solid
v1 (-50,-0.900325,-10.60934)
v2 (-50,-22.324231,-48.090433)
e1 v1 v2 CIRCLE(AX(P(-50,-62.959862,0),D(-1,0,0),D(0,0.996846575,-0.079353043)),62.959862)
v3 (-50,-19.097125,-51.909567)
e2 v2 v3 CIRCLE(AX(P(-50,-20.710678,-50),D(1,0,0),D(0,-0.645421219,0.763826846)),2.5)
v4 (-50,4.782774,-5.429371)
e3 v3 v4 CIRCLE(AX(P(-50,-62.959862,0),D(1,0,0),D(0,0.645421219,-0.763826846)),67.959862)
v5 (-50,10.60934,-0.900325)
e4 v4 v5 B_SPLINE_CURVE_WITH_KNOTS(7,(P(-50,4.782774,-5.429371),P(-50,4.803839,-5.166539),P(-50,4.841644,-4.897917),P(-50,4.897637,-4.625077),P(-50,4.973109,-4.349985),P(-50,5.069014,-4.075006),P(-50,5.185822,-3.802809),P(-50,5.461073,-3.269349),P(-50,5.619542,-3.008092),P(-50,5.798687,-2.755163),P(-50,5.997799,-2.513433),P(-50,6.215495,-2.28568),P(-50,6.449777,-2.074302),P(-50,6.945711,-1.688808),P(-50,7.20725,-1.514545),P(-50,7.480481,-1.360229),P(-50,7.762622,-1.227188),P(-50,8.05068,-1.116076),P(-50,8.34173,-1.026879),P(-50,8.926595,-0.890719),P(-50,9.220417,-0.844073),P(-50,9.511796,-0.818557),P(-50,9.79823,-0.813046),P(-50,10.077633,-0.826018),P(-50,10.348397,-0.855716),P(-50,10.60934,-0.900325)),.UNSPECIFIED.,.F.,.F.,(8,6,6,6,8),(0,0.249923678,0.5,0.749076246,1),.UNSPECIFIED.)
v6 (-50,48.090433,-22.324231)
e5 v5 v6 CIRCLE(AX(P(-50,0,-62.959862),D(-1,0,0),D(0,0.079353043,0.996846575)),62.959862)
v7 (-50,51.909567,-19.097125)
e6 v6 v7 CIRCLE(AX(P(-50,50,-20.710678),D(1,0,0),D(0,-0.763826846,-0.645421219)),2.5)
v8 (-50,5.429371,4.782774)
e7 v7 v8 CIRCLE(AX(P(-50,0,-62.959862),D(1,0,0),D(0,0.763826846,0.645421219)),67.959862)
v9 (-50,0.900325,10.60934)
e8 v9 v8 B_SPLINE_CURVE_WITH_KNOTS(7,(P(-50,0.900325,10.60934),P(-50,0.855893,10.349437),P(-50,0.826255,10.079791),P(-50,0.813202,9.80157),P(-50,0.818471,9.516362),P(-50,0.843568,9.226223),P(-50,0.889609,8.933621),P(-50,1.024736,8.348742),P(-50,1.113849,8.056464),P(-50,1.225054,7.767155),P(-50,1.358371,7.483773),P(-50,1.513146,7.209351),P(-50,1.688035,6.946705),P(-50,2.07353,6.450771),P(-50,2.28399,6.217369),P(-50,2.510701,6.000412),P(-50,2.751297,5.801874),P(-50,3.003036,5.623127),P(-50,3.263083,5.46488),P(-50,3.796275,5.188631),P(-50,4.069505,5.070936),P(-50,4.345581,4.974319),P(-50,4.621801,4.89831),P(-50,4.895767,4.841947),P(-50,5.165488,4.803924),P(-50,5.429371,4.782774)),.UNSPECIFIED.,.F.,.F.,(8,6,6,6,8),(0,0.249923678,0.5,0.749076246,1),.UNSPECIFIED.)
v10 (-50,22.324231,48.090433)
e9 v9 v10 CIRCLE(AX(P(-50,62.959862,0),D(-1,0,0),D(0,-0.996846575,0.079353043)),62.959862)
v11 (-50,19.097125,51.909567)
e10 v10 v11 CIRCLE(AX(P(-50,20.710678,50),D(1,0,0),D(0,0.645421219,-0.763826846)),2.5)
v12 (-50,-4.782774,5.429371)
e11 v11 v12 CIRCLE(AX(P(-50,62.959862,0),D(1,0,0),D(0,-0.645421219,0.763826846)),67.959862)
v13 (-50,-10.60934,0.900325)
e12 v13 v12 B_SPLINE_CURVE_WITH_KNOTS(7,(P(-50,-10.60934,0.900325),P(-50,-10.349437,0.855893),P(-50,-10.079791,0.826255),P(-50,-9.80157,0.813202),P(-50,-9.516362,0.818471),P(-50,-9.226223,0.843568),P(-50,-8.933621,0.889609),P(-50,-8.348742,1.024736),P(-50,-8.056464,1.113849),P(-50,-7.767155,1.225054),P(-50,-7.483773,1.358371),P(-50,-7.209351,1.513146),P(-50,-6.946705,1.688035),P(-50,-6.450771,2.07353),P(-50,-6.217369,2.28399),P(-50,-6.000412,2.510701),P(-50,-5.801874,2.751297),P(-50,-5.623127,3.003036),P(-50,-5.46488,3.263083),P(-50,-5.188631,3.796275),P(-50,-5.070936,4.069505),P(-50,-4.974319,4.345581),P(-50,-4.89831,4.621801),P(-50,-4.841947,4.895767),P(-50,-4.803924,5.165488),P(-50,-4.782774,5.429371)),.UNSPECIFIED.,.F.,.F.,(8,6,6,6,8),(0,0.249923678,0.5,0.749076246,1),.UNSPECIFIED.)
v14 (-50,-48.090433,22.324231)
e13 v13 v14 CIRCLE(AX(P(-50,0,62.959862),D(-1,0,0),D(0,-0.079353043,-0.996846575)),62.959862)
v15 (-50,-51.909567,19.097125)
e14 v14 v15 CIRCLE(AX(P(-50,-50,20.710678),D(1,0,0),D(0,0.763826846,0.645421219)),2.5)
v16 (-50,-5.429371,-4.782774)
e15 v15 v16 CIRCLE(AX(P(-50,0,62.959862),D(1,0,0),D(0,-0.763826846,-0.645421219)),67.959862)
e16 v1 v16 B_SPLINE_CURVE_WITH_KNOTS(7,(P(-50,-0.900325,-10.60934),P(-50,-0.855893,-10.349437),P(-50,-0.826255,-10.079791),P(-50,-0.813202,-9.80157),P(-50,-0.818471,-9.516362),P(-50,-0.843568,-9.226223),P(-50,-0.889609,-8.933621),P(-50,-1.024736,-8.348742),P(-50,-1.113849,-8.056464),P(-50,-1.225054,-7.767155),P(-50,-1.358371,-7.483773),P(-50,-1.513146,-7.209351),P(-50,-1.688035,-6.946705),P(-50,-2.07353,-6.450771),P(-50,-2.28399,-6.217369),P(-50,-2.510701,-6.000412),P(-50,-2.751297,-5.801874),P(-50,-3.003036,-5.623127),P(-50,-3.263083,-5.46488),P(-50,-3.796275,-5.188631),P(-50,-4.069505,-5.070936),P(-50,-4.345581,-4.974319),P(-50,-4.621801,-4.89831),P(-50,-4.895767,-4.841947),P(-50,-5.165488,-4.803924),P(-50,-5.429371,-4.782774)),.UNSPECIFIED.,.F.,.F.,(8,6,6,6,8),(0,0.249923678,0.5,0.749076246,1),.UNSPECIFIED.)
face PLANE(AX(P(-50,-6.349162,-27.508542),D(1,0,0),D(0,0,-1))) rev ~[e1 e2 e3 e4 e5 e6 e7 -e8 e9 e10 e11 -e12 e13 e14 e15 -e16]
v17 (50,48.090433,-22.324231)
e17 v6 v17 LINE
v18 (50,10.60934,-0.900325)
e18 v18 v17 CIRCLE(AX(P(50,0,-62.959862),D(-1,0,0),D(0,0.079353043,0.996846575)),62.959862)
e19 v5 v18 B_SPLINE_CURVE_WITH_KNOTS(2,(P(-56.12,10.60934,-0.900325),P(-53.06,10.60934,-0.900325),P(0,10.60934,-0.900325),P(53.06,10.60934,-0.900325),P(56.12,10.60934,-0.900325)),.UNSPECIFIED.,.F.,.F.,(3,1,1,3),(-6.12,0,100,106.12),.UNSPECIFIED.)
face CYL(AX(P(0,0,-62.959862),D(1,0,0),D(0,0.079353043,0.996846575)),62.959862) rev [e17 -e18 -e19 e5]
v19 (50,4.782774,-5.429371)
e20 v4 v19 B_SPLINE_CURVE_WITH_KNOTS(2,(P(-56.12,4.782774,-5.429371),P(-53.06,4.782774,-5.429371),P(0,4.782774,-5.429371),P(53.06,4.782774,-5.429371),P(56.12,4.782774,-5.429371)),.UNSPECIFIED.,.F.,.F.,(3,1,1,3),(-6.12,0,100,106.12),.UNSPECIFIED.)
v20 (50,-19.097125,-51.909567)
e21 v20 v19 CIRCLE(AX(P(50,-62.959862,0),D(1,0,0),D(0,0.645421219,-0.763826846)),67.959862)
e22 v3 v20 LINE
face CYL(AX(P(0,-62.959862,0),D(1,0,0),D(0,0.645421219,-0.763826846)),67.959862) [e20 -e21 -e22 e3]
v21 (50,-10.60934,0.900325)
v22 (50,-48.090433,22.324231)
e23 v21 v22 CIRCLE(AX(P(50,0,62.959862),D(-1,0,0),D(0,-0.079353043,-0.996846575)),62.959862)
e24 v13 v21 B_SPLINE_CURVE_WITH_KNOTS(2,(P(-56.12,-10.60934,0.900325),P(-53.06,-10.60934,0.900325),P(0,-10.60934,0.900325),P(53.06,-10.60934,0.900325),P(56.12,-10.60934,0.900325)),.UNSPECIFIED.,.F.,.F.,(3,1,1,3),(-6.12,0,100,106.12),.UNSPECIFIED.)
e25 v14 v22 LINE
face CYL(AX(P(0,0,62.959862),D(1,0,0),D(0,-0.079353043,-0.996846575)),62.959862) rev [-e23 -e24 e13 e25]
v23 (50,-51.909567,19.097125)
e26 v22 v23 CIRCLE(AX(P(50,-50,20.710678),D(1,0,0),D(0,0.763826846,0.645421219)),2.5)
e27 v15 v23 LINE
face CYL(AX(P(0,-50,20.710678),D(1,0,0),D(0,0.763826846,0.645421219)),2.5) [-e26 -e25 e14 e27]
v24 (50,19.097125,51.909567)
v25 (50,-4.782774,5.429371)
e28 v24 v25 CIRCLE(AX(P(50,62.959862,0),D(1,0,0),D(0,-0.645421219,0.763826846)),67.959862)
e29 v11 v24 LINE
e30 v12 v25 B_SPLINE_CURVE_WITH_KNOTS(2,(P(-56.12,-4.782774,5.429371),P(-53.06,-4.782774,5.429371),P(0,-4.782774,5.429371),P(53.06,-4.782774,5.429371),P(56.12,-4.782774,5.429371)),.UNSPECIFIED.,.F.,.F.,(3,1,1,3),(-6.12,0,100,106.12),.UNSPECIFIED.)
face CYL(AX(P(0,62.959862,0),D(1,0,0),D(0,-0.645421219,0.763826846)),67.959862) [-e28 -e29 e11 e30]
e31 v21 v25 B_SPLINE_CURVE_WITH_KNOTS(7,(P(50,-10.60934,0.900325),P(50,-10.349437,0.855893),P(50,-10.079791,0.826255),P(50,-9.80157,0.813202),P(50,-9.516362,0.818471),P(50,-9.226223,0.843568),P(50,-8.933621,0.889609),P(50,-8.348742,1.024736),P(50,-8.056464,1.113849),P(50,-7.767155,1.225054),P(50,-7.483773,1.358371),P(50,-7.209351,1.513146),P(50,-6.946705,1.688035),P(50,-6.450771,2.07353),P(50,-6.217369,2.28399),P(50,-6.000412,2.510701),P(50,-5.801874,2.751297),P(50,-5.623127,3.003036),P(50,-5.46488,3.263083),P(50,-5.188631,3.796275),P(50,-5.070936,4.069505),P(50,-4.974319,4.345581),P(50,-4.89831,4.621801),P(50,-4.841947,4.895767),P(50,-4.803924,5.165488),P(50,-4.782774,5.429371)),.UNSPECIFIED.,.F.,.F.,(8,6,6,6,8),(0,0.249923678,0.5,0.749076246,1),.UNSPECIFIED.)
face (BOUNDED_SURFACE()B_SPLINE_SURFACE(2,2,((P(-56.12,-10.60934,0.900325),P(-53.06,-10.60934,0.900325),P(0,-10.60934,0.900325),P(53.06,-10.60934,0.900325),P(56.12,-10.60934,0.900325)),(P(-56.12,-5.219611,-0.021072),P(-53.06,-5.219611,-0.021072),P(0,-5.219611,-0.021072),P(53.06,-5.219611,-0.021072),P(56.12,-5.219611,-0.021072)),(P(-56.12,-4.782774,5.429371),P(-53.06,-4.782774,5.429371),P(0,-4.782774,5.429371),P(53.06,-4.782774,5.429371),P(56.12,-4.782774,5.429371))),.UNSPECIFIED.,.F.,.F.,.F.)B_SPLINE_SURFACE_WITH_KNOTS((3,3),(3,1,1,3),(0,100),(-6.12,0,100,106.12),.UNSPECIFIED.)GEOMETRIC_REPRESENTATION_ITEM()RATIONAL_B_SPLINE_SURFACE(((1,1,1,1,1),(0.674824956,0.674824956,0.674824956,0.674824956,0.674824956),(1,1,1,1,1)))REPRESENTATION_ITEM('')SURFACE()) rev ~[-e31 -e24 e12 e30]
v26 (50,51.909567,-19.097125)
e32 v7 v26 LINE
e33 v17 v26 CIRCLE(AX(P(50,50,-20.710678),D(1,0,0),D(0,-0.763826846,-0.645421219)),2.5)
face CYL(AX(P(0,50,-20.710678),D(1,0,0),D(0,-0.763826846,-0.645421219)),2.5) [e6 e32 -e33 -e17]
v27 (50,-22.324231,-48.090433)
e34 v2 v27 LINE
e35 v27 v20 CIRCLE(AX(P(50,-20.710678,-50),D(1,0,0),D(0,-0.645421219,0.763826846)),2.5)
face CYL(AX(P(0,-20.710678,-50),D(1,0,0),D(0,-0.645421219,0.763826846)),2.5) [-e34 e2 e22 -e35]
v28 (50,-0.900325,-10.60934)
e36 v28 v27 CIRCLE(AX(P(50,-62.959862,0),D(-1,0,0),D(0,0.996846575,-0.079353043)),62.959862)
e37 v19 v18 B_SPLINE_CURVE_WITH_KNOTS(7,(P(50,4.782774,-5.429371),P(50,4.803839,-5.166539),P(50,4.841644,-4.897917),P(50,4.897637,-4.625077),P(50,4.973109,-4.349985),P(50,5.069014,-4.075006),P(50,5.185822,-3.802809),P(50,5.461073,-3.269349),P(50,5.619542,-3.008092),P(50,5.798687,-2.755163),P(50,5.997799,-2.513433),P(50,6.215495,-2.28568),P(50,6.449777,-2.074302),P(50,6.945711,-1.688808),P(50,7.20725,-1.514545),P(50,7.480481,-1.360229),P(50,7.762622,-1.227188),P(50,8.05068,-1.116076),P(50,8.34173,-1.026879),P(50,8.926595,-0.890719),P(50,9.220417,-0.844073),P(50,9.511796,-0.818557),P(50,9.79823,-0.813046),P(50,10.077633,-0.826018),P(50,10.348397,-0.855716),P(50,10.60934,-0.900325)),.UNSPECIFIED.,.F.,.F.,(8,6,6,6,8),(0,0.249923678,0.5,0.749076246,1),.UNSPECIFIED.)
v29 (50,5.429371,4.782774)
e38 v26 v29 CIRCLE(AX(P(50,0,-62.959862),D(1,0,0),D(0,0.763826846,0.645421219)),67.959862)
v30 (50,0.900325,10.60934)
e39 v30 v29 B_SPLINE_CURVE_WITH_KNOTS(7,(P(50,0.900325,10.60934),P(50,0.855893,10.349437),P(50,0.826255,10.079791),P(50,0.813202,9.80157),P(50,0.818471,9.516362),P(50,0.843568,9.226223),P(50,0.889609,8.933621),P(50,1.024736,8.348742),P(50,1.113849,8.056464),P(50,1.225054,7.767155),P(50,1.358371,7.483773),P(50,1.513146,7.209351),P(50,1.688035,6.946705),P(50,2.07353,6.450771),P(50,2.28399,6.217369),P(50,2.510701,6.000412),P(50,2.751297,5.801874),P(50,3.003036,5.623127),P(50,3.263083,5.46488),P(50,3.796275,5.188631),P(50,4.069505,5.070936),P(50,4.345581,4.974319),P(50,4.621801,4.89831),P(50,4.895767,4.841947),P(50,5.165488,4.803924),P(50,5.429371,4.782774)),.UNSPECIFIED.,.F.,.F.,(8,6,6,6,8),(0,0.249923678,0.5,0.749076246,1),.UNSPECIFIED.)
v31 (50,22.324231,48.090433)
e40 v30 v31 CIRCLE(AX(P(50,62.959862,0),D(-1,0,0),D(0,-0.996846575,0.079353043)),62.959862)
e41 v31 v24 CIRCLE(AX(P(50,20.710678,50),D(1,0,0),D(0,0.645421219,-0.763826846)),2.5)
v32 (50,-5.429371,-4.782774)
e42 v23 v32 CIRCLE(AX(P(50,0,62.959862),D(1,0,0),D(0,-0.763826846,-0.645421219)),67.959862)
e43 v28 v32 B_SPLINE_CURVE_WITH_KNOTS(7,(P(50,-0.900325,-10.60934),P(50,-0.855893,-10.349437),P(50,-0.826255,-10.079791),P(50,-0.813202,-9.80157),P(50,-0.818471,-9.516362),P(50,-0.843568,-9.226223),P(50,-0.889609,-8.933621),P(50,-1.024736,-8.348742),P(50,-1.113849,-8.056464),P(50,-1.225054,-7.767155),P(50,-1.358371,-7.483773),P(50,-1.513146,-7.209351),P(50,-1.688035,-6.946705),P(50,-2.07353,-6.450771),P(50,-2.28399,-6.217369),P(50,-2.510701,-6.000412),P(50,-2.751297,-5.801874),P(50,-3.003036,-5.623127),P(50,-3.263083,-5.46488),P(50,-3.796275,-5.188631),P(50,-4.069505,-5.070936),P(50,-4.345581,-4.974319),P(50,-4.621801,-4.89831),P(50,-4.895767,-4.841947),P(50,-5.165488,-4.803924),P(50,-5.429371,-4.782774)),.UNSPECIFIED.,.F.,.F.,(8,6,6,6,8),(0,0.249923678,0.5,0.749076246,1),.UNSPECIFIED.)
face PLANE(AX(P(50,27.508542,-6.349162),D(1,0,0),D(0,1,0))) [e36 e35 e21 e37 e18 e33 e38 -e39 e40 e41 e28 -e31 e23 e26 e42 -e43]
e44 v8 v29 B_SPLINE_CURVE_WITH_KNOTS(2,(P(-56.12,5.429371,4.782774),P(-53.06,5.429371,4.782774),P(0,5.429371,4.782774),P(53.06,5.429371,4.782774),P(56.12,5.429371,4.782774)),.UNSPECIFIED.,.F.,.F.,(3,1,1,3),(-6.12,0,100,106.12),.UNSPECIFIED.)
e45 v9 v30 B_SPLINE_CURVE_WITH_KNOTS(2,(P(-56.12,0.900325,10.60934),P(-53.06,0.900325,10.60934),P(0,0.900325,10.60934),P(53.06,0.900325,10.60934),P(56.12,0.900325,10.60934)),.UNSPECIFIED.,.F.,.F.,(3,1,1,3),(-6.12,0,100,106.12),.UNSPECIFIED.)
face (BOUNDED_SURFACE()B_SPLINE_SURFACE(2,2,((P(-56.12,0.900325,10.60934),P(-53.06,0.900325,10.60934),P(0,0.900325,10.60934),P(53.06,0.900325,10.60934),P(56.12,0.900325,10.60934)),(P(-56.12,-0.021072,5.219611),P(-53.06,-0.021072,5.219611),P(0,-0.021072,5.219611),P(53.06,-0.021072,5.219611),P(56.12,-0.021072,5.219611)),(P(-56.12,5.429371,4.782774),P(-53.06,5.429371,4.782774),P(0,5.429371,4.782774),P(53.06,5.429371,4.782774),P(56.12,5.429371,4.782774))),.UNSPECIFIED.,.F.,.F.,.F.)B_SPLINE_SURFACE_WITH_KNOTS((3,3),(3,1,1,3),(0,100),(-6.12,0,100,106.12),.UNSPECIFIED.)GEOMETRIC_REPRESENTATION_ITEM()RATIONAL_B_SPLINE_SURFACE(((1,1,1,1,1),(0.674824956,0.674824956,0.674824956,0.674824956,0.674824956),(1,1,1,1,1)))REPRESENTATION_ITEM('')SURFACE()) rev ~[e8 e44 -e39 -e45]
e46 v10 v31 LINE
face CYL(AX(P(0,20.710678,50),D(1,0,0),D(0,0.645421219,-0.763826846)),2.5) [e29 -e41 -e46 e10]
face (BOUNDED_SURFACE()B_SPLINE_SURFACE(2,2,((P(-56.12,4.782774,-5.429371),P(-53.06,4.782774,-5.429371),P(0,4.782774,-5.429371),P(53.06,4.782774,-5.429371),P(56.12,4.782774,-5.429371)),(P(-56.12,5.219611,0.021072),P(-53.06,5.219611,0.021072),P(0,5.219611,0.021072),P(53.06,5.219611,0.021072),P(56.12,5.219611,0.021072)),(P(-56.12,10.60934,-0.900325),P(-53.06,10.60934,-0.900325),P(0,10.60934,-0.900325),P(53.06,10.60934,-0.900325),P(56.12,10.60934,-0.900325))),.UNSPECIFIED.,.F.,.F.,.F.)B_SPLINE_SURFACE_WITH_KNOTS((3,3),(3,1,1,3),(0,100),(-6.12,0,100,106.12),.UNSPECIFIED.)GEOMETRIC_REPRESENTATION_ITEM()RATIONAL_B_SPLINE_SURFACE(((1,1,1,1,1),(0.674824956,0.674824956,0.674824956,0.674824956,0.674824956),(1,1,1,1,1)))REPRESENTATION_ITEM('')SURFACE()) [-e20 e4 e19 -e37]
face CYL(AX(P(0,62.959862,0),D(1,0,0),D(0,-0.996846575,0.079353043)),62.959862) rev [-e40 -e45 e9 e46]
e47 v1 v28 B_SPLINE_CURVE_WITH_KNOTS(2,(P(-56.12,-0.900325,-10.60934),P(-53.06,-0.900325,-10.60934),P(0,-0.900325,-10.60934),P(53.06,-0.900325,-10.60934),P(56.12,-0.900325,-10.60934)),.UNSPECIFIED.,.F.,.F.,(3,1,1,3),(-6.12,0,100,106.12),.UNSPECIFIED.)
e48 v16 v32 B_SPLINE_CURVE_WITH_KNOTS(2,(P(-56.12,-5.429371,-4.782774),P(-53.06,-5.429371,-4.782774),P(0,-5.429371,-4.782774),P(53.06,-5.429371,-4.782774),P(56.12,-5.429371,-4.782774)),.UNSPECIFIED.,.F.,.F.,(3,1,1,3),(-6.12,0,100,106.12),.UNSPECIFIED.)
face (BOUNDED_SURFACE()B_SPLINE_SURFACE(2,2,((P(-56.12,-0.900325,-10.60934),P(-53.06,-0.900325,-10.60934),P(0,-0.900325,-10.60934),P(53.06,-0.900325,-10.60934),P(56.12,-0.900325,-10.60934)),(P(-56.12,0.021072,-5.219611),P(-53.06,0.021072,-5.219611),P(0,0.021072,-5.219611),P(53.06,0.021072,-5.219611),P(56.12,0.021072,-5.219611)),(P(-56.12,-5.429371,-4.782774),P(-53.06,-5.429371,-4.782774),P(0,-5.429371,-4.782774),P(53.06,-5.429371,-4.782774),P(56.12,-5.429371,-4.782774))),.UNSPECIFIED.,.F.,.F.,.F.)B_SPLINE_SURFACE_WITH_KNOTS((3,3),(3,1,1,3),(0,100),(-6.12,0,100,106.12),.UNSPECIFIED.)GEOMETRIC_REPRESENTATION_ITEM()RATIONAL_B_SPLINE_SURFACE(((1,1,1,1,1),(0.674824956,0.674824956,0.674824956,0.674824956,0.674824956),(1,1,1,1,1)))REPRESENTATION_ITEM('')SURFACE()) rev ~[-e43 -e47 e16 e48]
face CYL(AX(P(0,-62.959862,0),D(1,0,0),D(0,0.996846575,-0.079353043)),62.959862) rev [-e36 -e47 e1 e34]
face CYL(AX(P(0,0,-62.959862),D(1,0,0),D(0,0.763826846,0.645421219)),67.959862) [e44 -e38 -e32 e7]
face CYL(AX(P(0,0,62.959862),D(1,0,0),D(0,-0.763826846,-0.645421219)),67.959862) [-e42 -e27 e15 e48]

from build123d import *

# Parameters (mm, degrees)
F1_DEPTH = 50
F3_COUNT = 4
F4_R     = 5


with BuildPart() as f1:
    # F0 (on Right) → F1 (new body, symmetric)
    with BuildSketch(Plane.YZ):
        with BuildLine():
            ThreePointArc((4.996056664, -0.1985391896), (28.756397628, -6.9508107655), (48.0904328859, -22.324231166))
            ThreePointArc((48.0904328859, -22.324231166), (51.6135530474, -22.6202452328), (51.9095671141, -19.0971250713))
            ThreePointArc((51.9095671141, -19.0971250713), (28.6150074029, -1.3179590775), (0, 5))
            ThreePointArc((0, 5), (3.5355339059, 3.5355339059), (5, 0))
            ThreePointArc((5, 0), (4.9990140688, -0.0992891732), (4.996056664, -0.1985391896))
        make_face()
        with BuildLine():
            ThreePointArc((0, 5), (-3.605044795, -3.4646286996), (4.996056664, -0.1985391896))
            ThreePointArc((4.996056664, -0.1985391896), (4.9990140688, -0.0992891732), (5, 0))
            ThreePointArc((5, 0), (3.5355339059, 3.5355339059), (0, 5))
        make_face()
    extrude(amount=F1_DEPTH, both=True)

    # F3: F1 ×4 about axis
    f3_axis = Axis((20.0893953443, 0, 0), (1, 0, 0))


with BuildPart() as f1_1:
    add(f1.part)
    for i in range(1, F3_COUNT):
        add(f1.part.rotate(f3_axis, i * 360 / F3_COUNT))

    # F4
    f4_edges = [f1_1.edges().sort_by_distance(p)[0] for p in [
        (0, 4.999709, -0.19883),
        (0, -0.19883, -4.999709),
        (0, -4.999709, 0.19883),
        (0, 0.19883, 4.999709),
    ]]
    fillet(f4_edges, radius=F4_R)


solid = f1_1.part
